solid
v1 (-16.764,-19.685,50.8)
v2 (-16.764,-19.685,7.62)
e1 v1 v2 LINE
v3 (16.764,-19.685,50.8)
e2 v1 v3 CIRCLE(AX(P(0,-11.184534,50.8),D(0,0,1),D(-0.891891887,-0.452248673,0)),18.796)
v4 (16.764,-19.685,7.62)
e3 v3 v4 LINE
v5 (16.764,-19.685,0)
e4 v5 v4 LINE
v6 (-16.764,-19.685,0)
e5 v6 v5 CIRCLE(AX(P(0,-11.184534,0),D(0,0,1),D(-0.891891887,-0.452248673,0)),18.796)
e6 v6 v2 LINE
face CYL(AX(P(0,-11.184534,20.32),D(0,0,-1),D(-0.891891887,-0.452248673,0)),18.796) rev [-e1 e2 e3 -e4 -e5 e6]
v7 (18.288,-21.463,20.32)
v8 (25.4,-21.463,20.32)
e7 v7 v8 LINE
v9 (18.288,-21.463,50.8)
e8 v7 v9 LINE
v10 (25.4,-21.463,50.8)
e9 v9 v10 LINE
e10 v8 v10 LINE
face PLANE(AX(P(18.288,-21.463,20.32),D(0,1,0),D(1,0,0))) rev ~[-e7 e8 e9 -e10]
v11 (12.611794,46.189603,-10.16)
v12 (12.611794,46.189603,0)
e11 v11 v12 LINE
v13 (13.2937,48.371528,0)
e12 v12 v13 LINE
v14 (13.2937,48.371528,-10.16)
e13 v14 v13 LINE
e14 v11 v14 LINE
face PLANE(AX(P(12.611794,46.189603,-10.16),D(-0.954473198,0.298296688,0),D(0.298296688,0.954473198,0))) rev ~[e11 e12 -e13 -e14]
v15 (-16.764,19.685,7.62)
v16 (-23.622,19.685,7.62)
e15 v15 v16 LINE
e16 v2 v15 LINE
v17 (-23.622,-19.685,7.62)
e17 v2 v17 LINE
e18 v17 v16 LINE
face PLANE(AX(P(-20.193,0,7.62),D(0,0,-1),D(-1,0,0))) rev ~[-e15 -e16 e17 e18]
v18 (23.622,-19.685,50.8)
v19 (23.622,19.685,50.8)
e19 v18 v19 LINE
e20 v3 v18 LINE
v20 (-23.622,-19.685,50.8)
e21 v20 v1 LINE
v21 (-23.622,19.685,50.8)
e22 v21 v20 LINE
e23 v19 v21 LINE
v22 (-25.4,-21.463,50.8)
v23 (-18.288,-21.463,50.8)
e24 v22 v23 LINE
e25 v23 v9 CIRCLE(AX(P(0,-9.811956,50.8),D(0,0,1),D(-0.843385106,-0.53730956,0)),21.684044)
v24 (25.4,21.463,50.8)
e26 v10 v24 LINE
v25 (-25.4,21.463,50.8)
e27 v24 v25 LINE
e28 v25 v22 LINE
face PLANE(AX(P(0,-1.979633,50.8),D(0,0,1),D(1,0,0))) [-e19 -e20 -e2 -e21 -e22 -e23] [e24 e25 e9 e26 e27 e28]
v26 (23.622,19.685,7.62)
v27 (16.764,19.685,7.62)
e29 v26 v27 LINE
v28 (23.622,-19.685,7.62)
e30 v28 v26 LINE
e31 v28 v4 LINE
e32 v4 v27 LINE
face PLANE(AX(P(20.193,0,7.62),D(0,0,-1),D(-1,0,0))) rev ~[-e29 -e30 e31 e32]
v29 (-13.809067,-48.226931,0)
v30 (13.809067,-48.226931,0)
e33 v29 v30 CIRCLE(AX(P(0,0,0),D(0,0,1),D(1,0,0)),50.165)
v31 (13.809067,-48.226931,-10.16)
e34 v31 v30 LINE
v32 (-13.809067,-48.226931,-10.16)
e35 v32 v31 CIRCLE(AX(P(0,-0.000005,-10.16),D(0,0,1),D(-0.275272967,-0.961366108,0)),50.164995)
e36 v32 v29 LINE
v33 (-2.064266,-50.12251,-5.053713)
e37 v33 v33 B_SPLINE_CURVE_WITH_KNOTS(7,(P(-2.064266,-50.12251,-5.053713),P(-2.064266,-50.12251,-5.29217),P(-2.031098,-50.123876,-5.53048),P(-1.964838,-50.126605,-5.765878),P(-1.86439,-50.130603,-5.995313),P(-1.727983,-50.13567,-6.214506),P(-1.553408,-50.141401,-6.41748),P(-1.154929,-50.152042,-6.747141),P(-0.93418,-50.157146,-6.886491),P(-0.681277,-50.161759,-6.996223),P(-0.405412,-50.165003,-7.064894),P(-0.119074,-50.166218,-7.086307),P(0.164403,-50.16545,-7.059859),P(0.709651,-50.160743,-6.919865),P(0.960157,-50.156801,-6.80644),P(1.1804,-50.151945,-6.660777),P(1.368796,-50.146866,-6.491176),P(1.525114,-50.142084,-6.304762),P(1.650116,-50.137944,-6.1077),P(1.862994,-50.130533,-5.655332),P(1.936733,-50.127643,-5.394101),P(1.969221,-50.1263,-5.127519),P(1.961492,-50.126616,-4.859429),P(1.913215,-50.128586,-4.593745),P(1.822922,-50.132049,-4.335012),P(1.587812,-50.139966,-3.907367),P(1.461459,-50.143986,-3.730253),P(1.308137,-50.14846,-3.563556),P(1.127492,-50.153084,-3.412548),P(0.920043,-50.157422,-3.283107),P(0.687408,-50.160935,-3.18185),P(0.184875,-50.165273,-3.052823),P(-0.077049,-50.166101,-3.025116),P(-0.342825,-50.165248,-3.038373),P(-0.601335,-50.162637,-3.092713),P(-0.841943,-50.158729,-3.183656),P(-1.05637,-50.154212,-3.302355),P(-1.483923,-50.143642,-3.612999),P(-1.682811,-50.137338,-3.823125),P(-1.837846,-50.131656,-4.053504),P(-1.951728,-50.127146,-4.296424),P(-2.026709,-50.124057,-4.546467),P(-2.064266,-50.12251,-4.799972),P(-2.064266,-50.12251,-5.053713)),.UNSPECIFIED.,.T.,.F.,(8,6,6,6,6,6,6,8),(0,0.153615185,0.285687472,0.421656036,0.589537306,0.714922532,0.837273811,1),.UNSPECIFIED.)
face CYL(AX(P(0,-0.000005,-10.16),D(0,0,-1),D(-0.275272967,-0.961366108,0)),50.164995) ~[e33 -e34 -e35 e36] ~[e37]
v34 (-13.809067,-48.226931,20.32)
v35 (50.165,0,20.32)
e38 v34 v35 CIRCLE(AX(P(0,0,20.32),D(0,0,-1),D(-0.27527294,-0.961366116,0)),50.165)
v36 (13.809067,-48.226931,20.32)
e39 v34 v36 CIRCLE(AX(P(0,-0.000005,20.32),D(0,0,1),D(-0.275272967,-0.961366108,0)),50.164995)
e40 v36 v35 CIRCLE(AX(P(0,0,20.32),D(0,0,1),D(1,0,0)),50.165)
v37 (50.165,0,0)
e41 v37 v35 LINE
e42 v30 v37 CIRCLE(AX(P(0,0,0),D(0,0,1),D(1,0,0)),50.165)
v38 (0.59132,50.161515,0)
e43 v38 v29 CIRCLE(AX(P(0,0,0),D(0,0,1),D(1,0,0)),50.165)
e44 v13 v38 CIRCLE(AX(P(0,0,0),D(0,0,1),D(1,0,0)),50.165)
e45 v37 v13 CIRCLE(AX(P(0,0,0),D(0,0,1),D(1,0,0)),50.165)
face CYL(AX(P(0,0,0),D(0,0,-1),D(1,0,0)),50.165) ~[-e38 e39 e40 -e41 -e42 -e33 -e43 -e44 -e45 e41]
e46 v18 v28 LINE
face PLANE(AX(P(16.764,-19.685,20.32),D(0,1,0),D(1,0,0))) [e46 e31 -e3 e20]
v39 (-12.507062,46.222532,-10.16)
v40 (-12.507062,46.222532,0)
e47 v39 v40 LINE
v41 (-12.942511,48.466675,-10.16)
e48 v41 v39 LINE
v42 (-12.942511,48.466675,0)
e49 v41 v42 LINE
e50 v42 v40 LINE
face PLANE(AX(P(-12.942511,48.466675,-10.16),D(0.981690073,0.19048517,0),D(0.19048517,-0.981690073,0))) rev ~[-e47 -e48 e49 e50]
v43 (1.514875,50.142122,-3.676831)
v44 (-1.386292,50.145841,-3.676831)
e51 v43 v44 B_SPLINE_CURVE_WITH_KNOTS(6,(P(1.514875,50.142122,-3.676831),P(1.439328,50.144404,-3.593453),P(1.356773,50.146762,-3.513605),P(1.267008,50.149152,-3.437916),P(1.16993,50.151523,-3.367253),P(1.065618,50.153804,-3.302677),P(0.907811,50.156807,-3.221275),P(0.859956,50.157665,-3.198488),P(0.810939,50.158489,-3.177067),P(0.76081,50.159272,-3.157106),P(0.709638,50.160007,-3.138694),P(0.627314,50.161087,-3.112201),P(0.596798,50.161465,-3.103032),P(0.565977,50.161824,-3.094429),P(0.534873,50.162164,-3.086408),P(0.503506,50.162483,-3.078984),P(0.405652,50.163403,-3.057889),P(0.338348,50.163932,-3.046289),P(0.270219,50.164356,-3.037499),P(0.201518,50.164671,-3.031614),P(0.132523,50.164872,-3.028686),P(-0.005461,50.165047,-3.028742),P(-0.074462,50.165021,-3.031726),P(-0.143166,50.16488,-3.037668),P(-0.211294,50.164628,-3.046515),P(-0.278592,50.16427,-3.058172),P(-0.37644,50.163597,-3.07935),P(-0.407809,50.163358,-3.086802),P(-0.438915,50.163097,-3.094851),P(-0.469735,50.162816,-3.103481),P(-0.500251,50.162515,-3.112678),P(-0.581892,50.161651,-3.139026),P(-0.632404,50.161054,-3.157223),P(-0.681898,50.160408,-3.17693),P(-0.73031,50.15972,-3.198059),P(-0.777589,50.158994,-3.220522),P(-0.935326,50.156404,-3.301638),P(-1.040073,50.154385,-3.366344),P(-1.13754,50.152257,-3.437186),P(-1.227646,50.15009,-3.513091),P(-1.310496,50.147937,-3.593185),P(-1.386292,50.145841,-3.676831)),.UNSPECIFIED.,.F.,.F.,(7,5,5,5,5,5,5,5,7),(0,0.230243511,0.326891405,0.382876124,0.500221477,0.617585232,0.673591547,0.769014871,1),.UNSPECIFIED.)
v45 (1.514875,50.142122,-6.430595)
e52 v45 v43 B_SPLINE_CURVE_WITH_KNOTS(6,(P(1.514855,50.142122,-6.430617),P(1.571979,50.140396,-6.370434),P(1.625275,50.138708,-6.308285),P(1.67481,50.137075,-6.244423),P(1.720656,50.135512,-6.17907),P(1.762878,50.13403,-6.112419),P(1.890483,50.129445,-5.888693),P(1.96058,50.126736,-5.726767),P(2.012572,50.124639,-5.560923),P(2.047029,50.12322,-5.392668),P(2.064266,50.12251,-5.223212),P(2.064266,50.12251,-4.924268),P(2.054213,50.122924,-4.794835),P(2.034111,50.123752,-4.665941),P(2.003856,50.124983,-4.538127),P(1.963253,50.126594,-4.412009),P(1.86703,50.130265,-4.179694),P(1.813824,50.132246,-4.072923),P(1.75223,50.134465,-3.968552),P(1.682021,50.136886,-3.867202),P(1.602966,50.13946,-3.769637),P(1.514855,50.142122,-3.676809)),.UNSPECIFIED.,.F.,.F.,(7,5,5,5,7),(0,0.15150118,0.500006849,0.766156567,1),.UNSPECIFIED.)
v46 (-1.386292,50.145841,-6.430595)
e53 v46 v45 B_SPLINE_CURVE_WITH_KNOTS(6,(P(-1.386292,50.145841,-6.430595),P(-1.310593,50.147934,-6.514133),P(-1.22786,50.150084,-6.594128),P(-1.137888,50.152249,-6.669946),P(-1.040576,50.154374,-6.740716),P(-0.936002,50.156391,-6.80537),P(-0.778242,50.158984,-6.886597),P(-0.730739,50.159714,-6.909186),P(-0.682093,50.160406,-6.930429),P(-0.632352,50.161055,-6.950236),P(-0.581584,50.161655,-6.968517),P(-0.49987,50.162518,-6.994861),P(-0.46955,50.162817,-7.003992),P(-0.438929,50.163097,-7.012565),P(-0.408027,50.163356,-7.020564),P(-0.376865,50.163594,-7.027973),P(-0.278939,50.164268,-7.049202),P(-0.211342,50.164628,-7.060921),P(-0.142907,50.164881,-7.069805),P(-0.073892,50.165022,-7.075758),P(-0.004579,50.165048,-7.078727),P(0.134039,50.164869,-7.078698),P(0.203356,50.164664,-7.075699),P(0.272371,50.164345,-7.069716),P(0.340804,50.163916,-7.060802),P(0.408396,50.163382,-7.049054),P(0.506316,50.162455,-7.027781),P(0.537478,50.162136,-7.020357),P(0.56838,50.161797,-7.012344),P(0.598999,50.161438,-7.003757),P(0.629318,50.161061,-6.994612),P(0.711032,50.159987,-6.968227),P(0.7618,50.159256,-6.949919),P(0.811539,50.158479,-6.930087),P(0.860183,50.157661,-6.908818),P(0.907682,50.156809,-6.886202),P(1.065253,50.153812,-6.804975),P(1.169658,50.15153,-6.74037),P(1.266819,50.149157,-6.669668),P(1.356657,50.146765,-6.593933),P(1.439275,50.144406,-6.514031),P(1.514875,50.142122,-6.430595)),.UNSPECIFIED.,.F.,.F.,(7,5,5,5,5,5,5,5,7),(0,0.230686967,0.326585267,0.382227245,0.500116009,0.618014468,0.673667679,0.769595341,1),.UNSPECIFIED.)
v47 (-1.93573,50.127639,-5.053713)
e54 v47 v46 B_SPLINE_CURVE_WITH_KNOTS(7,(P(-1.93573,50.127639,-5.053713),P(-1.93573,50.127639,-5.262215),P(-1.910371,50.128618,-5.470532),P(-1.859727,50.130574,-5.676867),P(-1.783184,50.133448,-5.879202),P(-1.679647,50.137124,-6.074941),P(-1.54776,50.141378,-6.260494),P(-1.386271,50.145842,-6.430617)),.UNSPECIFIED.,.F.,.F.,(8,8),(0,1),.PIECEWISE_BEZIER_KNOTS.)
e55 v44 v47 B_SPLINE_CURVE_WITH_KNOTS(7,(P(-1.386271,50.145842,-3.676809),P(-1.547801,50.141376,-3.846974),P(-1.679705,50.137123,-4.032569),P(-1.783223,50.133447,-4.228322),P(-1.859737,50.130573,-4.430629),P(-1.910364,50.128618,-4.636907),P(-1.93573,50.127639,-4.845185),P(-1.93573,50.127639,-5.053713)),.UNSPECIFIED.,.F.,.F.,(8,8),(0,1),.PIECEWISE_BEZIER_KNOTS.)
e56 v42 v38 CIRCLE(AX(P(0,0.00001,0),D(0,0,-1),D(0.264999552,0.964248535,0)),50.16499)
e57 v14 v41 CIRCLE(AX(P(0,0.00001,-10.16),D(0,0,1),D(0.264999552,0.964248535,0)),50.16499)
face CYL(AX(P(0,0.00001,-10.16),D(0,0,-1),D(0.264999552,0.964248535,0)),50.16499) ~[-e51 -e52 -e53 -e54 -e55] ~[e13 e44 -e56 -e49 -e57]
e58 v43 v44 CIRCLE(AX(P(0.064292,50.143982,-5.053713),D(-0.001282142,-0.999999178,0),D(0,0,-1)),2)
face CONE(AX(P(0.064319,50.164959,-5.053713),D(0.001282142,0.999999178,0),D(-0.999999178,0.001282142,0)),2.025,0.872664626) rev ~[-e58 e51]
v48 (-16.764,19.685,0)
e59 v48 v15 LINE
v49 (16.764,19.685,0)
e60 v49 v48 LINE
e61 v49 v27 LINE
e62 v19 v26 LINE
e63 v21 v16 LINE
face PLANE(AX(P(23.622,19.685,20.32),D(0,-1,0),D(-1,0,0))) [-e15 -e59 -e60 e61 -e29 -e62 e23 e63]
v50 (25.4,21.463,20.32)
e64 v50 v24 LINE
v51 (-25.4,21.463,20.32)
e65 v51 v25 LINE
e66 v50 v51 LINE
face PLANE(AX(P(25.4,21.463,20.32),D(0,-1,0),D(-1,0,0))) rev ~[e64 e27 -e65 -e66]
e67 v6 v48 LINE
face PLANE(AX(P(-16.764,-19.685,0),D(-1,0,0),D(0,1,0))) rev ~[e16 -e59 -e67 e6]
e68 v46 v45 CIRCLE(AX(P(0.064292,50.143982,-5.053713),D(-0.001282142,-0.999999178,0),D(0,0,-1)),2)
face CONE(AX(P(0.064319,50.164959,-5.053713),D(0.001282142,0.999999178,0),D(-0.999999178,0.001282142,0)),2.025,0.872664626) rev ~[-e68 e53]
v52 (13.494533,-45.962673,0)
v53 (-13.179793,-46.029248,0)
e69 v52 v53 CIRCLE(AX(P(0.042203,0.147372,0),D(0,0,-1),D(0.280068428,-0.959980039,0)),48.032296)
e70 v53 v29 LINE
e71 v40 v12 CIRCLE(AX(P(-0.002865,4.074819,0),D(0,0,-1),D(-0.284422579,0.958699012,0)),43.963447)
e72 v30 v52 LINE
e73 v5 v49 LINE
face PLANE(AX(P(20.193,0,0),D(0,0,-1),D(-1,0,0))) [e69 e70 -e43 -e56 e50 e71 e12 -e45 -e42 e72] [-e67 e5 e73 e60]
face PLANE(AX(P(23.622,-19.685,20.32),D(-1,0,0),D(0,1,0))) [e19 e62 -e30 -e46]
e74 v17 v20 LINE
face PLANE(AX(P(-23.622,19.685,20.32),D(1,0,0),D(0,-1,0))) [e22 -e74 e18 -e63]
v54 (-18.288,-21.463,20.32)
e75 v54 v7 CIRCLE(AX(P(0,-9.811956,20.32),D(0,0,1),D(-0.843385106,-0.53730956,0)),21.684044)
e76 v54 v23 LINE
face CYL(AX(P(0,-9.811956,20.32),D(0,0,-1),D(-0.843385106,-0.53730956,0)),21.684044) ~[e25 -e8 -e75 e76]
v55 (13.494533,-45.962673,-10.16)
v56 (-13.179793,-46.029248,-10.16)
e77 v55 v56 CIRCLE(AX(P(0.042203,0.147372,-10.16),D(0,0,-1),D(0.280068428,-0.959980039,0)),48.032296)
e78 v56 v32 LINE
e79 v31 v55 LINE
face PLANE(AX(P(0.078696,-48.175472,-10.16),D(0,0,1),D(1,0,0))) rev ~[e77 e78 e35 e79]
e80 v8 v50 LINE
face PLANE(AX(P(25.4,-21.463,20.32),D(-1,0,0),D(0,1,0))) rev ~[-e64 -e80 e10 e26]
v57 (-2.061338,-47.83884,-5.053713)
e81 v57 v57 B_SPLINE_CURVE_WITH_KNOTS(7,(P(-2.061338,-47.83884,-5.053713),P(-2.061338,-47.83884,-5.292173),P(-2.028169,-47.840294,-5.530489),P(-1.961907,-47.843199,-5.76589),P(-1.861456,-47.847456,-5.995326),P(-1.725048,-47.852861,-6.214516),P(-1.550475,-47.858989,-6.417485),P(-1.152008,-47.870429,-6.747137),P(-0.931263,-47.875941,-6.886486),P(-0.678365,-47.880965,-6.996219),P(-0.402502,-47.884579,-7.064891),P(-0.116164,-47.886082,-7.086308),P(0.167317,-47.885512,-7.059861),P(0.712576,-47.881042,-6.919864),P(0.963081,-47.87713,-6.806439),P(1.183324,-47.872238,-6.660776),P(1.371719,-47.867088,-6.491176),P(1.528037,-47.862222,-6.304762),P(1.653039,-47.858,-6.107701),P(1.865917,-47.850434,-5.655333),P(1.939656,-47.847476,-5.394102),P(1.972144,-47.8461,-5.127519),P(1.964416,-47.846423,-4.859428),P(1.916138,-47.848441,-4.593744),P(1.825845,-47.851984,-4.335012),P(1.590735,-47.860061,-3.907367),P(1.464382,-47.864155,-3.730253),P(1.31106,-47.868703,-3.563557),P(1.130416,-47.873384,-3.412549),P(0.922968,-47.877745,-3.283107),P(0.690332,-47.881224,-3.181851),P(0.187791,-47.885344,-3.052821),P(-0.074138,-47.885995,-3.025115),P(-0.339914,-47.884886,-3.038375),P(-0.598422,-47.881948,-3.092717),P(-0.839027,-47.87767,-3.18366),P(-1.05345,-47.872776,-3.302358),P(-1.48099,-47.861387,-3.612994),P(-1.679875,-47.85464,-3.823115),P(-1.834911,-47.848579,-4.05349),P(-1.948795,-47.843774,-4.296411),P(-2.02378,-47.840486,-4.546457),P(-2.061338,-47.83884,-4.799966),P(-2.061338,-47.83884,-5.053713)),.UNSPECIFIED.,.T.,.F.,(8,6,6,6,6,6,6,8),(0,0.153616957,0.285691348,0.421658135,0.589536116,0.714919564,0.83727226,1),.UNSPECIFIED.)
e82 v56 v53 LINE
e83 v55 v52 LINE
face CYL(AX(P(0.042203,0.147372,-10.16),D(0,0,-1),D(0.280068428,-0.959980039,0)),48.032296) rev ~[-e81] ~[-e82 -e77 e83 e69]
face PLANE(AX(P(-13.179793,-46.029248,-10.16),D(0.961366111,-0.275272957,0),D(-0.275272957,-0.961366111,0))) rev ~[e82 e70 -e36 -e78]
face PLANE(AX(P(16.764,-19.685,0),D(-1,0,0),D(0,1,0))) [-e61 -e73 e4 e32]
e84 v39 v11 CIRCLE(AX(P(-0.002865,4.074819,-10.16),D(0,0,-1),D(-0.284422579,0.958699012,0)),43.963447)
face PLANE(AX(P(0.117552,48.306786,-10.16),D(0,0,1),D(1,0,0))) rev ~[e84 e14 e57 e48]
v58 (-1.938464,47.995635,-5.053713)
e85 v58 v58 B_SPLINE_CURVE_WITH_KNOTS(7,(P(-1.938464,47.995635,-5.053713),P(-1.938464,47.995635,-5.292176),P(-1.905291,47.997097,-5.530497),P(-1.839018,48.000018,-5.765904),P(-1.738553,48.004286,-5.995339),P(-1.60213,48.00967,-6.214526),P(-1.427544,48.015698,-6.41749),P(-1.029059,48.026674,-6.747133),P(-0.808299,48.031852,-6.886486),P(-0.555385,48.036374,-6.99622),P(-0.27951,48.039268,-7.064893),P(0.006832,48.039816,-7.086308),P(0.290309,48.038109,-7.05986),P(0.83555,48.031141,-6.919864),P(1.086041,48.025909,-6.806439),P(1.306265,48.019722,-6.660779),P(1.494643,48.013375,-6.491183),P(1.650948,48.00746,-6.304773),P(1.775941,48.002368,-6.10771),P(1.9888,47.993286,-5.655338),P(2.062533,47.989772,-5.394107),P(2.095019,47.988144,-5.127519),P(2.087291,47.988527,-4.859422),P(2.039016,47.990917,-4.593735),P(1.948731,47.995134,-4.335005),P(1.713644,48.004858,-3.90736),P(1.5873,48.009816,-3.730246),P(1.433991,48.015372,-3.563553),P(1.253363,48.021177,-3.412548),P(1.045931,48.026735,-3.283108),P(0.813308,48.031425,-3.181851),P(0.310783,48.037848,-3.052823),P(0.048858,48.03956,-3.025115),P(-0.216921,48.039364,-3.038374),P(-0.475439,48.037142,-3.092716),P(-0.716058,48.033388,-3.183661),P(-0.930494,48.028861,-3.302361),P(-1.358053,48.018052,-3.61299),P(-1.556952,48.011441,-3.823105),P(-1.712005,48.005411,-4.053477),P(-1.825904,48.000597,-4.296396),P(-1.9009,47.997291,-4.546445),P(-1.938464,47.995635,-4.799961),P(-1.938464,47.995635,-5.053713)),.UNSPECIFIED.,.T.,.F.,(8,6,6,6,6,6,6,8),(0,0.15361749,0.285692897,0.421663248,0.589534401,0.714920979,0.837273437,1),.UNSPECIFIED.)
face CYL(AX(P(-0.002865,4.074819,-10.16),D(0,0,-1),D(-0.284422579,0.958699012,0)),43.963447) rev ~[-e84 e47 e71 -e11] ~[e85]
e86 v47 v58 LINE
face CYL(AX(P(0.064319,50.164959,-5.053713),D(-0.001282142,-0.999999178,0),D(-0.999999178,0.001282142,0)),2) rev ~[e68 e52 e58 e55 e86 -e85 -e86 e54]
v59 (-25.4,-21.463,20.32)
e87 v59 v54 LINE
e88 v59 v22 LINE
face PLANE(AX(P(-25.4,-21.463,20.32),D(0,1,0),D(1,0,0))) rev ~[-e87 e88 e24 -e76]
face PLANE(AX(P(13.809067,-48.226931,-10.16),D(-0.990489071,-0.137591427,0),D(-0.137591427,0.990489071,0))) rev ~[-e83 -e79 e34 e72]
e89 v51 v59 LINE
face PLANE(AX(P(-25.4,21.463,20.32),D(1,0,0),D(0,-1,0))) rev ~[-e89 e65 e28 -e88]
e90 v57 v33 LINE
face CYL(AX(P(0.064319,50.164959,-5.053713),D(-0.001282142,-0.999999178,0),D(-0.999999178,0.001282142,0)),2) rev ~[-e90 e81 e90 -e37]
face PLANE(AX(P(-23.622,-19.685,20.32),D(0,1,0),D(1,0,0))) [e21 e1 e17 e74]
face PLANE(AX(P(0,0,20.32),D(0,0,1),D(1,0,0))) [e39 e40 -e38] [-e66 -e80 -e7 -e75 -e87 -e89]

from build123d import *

# Parameters (mm, degrees)
SKETCH1_R                       = 50.165
BOSS_EXTRUDE1_DEPTH             = 20.32
SKETCH4_W                       = 6.858
SKETCH4_H                       = 39.37
BOSS_EXTRUDE3_DEPTH             = 7.62
BOSS_EXTRUDE4_DEPTH             = 30.48
BOSS_EXTRUDE5_START             = -30.48
BOSS_EXTRUDE5_DEPTH             = 30.48
F_4_0MM_DOWEL_HOLE1_D           = 4
F_4_0MM_DOWEL_HOLE1_CSINK_D     = 4.05
F_4_0MM_DOWEL_HOLE1_CSINK_ANGLE = 100


with BuildPart() as part:
    # Sketch1 → Boss-Extrude1 (new body)
    with BuildSketch(Plane.XY):
        Circle(SKETCH1_R)
        with BuildLine():
            Line((16.764, -19.685), (23.622, -19.685))
            Line((23.622, -19.685), (23.622, 19.685))
            Line((23.622, 19.685), (-23.622, 19.685))
            Line((-23.622, 19.685), (-23.622, -19.685))
            Line((-23.622, -19.685), (-16.764, -19.685))
            ThreePointArc((-16.764, -19.685), (0, -29.980534), (16.764, -19.685))
        make_face(mode=Mode.SUBTRACT)
    extrude(amount=BOSS_EXTRUDE1_DEPTH)

    # Sketch4 → Boss-Extrude3 (add)
    with BuildSketch(Plane(origin=(0, 0, 0), x_dir=(-1, 0, 0), z_dir=(0, 0, -1))):
        with Locations((-20.193, 0)):
            Rectangle(SKETCH4_W, SKETCH4_H)
        with Locations((20.193, 0)):
            Rectangle(SKETCH4_W, SKETCH4_H)
    extrude(amount=-BOSS_EXTRUDE3_DEPTH)

    # Sketch5 → Boss-Extrude4 (add)
    with BuildSketch(Plane.XY.offset(20.32)):
        with BuildLine():
            Line((18.288, -21.463), (25.4, -21.463))
            Line((25.4, -21.463), (25.4, 21.463))
            Line((25.4, 21.463), (-25.4, 21.463))
            Line((-25.4, 21.463), (-25.4, -21.463))
            Line((-25.4, -21.463), (-18.288, -21.463))
            ThreePointArc((-18.288, -21.463), (0, -31.496), (18.288, -21.463))
        make_face()
        with BuildLine():
            Line((-23.622, -19.685), (-16.764, -19.685))
            ThreePointArc((-16.764, -19.685), (0, -29.980534), (16.764, -19.685))
            Line((16.764, -19.685), (23.622, -19.685))
            Line((23.622, -19.685), (23.622, 19.685))
            Line((23.622, 19.685), (-23.622, 19.685))
            Line((-23.622, 19.685), (-23.622, -19.685))
        make_face(mode=Mode.SUBTRACT)
    extrude(amount=BOSS_EXTRUDE4_DEPTH)

    # Sketch6 → Boss-Extrude5 (add)
    with BuildSketch(Plane.XY.offset(20.32).offset(BOSS_EXTRUDE5_START)):
        with BuildLine():
            Line((13.809067, -48.226931), (13.494533, -45.962673))
            ThreePointArc((13.494533, -45.962673), (0.162084, -47.884774), (-13.179793, -46.029248))
            Line((-13.179793, -46.029248), (-13.809067, -48.226931))
            ThreePointArc((-13.809067, -48.226931), (0, -50.165), (13.809067, -48.226931))
        make_face()
        with BuildLine():
            Line((-12.942511, 48.466675), (-12.507062, 46.222532))
            ThreePointArc((-12.507062, 46.222532), (0.054768, 48.038228), (12.611794, 46.189603))
            Line((12.611794, 46.189603), (13.2937, 48.371528))
            ThreePointArc((13.2937, 48.371528), (0.181925, 50.16467), (-12.942511, 48.466675))
        make_face()
    extrude(amount=BOSS_EXTRUDE5_DEPTH)

    # Ø4.0mm Dowel Hole1 (through all)
    with Locations(Plane(origin=(0.064319, 50.164959, -5.053713), x_dir=(0.999999178055, -0.001282142203, 0), z_dir=(0.001282142203, 0.999999178055, 0))):
        with Locations((0, 0)):
            CounterSinkHole(F_4_0MM_DOWEL_HOLE1_D / 2, F_4_0MM_DOWEL_HOLE1_CSINK_D / 2, counter_sink_angle=F_4_0MM_DOWEL_HOLE1_CSINK_ANGLE)


solid = part.part
